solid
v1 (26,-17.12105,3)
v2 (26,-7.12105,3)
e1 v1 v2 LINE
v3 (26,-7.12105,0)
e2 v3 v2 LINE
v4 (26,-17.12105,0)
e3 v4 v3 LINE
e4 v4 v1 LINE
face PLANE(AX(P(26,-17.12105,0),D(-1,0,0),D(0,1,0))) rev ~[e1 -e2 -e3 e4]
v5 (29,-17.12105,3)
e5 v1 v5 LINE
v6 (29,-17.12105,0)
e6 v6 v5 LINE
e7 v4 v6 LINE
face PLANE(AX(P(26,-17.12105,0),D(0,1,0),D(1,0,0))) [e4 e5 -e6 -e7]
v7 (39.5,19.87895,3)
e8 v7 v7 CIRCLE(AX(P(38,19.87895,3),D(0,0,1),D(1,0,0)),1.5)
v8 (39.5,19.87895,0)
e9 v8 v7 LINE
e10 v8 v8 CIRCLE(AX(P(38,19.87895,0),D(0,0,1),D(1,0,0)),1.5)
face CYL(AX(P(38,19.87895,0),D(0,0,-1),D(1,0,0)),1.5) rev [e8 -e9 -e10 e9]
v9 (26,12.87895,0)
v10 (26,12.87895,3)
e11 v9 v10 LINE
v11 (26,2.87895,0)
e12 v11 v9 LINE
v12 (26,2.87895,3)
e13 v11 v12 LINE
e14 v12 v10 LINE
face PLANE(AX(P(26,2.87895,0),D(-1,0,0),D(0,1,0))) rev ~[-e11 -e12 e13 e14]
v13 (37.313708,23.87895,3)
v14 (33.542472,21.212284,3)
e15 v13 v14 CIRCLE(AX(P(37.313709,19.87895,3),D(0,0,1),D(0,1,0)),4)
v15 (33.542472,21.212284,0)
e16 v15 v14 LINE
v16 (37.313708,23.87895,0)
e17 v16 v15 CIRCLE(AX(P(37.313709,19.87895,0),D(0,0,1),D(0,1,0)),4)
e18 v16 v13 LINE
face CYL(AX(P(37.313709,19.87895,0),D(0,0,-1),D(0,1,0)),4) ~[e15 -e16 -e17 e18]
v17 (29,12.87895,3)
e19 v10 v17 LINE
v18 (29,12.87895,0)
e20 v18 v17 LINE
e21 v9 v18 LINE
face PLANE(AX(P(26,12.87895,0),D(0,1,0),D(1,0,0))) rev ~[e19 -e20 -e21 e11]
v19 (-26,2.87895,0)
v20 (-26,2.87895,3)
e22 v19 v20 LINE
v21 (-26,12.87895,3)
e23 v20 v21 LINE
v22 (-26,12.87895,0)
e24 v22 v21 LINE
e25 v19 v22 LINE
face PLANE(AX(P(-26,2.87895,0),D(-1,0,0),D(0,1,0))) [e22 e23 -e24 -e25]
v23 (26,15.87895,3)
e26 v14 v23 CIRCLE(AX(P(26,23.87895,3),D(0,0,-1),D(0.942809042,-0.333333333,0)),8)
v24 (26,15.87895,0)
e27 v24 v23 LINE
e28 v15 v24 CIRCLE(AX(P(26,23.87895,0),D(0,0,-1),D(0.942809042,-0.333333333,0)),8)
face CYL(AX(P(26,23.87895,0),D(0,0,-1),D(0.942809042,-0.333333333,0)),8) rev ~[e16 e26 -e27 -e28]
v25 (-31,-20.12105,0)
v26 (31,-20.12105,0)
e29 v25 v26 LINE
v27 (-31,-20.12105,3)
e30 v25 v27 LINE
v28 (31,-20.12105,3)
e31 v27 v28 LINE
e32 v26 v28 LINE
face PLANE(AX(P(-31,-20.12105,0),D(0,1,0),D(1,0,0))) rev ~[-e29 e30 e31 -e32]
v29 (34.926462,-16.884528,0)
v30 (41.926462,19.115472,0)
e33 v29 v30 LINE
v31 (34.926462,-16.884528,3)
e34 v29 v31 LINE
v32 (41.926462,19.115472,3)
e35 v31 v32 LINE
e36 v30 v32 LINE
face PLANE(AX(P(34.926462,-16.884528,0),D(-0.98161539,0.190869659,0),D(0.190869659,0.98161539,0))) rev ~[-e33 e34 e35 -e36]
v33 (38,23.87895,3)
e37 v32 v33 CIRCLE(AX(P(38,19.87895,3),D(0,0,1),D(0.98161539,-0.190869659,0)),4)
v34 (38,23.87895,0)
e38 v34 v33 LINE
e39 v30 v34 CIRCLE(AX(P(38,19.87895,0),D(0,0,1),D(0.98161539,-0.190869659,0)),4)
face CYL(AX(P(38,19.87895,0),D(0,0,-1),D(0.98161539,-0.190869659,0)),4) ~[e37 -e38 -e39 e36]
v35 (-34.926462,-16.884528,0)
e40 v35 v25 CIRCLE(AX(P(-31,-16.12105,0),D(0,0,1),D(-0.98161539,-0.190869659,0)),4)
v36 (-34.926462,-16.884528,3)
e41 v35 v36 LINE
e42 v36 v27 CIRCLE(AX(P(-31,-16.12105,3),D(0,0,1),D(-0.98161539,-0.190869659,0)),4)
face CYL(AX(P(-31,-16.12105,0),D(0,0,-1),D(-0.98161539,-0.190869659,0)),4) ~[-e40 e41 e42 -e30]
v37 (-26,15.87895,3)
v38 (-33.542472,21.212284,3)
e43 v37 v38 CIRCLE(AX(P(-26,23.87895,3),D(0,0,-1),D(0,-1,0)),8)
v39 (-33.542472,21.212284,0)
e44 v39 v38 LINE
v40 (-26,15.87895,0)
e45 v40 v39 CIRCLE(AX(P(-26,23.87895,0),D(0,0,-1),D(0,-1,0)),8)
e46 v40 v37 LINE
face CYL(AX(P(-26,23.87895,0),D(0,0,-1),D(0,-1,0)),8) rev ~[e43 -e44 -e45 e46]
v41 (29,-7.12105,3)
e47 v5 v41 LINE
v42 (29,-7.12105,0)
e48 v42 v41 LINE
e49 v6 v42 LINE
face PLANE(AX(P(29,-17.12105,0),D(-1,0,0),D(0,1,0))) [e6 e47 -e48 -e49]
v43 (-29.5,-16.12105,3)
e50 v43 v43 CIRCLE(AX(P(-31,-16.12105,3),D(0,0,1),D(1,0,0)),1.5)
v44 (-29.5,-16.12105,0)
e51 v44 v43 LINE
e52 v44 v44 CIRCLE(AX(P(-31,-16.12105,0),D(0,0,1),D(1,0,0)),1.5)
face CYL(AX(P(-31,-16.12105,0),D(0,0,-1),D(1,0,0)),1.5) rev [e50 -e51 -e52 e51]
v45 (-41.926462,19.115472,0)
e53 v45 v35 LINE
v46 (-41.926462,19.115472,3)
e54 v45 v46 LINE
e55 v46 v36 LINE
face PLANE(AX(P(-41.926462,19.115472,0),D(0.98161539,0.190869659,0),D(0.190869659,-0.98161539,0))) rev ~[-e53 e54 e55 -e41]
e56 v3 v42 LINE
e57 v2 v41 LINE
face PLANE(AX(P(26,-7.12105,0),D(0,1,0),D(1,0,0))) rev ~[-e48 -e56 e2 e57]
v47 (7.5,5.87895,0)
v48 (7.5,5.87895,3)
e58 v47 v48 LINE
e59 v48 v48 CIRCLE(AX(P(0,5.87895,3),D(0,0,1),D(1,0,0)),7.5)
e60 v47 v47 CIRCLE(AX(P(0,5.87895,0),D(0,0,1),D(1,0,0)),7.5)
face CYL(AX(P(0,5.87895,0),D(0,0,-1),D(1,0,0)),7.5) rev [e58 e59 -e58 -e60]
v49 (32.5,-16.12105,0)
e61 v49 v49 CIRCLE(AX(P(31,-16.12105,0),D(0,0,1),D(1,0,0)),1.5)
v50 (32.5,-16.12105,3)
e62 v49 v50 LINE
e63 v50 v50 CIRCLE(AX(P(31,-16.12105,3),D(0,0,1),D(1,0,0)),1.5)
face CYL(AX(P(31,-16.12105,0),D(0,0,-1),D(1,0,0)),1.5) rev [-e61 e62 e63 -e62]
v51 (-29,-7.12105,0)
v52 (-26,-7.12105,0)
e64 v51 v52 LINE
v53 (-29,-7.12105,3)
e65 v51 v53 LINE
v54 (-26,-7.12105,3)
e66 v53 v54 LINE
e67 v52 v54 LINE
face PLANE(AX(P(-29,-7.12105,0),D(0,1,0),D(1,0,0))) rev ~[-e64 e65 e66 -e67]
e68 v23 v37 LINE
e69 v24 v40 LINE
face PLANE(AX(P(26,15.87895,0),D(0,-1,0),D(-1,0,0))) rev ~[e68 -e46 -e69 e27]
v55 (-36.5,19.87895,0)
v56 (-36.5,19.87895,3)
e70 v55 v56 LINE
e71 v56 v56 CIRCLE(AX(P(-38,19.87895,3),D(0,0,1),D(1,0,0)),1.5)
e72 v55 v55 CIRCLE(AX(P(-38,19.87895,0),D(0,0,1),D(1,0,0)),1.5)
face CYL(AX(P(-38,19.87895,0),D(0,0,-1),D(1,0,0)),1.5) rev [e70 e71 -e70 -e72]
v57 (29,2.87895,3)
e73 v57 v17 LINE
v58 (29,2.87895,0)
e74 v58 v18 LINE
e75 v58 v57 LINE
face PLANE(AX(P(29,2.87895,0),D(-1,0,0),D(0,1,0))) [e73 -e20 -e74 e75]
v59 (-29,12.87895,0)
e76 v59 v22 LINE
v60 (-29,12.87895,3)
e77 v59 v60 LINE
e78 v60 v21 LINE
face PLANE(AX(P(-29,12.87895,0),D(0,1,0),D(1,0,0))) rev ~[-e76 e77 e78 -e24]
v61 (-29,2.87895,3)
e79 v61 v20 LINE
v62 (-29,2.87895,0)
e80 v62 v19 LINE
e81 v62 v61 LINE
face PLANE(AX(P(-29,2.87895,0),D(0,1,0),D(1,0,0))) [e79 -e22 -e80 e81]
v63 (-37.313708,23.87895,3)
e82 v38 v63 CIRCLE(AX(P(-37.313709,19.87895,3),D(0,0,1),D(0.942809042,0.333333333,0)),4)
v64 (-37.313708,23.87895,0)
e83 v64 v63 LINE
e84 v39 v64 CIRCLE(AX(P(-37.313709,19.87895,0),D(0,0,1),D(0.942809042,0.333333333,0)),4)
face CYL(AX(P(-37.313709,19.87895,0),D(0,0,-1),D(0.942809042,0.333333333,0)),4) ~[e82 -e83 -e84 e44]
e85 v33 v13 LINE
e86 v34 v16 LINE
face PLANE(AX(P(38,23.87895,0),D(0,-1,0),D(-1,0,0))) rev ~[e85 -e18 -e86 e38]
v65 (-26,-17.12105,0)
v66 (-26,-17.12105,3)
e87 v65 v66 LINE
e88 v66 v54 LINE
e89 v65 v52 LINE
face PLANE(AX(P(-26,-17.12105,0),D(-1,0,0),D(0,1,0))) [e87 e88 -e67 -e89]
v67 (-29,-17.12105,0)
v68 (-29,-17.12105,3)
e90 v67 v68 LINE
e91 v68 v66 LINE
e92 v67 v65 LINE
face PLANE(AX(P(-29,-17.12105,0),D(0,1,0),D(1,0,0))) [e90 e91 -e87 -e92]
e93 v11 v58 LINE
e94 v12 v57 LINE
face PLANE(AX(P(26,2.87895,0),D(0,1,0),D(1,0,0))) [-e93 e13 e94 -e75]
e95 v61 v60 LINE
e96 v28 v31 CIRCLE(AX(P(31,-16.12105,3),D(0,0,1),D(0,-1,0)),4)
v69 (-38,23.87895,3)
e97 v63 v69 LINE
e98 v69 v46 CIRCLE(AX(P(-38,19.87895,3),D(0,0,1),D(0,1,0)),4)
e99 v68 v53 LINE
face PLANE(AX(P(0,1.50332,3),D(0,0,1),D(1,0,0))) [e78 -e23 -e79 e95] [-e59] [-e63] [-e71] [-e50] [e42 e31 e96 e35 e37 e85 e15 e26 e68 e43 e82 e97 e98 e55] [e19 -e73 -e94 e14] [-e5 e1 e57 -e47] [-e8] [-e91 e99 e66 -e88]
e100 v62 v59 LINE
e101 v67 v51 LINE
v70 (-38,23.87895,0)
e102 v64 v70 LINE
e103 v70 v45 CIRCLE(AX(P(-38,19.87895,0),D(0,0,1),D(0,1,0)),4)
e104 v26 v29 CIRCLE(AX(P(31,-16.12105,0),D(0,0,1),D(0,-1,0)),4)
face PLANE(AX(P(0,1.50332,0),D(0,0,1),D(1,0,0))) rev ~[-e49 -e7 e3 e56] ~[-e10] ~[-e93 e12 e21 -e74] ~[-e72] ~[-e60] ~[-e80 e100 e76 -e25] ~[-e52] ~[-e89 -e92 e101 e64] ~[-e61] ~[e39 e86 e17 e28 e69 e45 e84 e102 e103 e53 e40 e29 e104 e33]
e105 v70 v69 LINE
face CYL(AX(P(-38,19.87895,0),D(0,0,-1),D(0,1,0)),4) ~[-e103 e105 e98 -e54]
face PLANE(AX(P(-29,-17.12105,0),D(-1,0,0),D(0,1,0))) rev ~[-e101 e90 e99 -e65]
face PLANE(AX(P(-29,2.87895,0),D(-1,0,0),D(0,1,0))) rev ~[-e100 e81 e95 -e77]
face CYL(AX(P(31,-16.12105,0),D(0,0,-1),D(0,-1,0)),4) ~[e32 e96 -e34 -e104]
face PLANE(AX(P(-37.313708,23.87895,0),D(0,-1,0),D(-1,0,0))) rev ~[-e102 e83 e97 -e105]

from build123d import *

# Parameters (mm, degrees)
SKETCH1_R           = 1.5
SKETCH1_R_2         = 7.5
SKETCH1_W           = 3
SKETCH1_H           = 10
BOSS_EXTRUDE1_DEPTH = 3


with BuildPart() as part:
    # Sketch1 → Boss-Extrude1 (new body)
    with BuildSketch(Plane.XY):
        with BuildLine():
            Line((-41.926461559, 19.115471746), (-34.926461559, -16.884528254))
            ThreePointArc((-34.926461559, -16.884528254), (-33.544217508, -19.207626568), (-31, -20.121049617))
            Line((-31, -20.121049617), (31, -20.121049617))
            ThreePointArc((31, -20.121049617), (33.544217508, -19.207626568), (34.926461559, -16.884528254))
            Line((34.926461559, -16.884528254), (41.926461559, 19.115471746))
            ThreePointArc((41.926461559, 19.115471746), (41.086576951, 22.42316789), (38, 23.878950383))
            Line((38, 23.878950383), (37.313708499, 23.878950383))
            ThreePointArc((37.313708499, 23.878950383), (35.004307422, 23.144936706), (33.542472333, 21.212283716))
            ThreePointArc((33.542472333, 21.212283716), (30.618802154, 17.346977735), (26, 15.878950383))
            Line((26, 15.878950383), (-26, 15.878950383))
            ThreePointArc((-26, 15.878950383), (-30.618802154, 17.346977735), (-33.542472333, 21.212283716))
            ThreePointArc((-33.542472333, 21.212283716), (-35.004307422, 23.144936706), (-37.313708499, 23.878950383))
            Line((-37.313708499, 23.878950383), (-38, 23.878950383))
            ThreePointArc((-38, 23.878950383), (-41.086576951, 22.42316789), (-41.926461559, 19.115471746))
        make_face()
        with Locations((38, 19.878950383)):
            Circle(SKETCH1_R, mode=Mode.SUBTRACT)
        with Locations((-38, 19.878950383)):
            Circle(SKETCH1_R, mode=Mode.SUBTRACT)
        with Locations((31, -16.121049617)):
            Circle(SKETCH1_R, mode=Mode.SUBTRACT)
        with Locations((-31, -16.121049617)):
            Circle(SKETCH1_R, mode=Mode.SUBTRACT)
        with Locations((0, 5.878950383)):
            Circle(SKETCH1_R_2, mode=Mode.SUBTRACT)
        with Locations((-27.5, 7.878950383)):
            Rectangle(SKETCH1_W, SKETCH1_H, mode=Mode.SUBTRACT)
        with Locations((-27.5, -12.121049617)):
            Rectangle(SKETCH1_W, SKETCH1_H, mode=Mode.SUBTRACT)
        with Locations((27.5, -12.121049617)):
            Rectangle(SKETCH1_W, SKETCH1_H, mode=Mode.SUBTRACT)
        with Locations((27.5, 7.878950383)):
            Rectangle(SKETCH1_W, SKETCH1_H, mode=Mode.SUBTRACT)
    extrude(amount=BOSS_EXTRUDE1_DEPTH)


solid = part.part
